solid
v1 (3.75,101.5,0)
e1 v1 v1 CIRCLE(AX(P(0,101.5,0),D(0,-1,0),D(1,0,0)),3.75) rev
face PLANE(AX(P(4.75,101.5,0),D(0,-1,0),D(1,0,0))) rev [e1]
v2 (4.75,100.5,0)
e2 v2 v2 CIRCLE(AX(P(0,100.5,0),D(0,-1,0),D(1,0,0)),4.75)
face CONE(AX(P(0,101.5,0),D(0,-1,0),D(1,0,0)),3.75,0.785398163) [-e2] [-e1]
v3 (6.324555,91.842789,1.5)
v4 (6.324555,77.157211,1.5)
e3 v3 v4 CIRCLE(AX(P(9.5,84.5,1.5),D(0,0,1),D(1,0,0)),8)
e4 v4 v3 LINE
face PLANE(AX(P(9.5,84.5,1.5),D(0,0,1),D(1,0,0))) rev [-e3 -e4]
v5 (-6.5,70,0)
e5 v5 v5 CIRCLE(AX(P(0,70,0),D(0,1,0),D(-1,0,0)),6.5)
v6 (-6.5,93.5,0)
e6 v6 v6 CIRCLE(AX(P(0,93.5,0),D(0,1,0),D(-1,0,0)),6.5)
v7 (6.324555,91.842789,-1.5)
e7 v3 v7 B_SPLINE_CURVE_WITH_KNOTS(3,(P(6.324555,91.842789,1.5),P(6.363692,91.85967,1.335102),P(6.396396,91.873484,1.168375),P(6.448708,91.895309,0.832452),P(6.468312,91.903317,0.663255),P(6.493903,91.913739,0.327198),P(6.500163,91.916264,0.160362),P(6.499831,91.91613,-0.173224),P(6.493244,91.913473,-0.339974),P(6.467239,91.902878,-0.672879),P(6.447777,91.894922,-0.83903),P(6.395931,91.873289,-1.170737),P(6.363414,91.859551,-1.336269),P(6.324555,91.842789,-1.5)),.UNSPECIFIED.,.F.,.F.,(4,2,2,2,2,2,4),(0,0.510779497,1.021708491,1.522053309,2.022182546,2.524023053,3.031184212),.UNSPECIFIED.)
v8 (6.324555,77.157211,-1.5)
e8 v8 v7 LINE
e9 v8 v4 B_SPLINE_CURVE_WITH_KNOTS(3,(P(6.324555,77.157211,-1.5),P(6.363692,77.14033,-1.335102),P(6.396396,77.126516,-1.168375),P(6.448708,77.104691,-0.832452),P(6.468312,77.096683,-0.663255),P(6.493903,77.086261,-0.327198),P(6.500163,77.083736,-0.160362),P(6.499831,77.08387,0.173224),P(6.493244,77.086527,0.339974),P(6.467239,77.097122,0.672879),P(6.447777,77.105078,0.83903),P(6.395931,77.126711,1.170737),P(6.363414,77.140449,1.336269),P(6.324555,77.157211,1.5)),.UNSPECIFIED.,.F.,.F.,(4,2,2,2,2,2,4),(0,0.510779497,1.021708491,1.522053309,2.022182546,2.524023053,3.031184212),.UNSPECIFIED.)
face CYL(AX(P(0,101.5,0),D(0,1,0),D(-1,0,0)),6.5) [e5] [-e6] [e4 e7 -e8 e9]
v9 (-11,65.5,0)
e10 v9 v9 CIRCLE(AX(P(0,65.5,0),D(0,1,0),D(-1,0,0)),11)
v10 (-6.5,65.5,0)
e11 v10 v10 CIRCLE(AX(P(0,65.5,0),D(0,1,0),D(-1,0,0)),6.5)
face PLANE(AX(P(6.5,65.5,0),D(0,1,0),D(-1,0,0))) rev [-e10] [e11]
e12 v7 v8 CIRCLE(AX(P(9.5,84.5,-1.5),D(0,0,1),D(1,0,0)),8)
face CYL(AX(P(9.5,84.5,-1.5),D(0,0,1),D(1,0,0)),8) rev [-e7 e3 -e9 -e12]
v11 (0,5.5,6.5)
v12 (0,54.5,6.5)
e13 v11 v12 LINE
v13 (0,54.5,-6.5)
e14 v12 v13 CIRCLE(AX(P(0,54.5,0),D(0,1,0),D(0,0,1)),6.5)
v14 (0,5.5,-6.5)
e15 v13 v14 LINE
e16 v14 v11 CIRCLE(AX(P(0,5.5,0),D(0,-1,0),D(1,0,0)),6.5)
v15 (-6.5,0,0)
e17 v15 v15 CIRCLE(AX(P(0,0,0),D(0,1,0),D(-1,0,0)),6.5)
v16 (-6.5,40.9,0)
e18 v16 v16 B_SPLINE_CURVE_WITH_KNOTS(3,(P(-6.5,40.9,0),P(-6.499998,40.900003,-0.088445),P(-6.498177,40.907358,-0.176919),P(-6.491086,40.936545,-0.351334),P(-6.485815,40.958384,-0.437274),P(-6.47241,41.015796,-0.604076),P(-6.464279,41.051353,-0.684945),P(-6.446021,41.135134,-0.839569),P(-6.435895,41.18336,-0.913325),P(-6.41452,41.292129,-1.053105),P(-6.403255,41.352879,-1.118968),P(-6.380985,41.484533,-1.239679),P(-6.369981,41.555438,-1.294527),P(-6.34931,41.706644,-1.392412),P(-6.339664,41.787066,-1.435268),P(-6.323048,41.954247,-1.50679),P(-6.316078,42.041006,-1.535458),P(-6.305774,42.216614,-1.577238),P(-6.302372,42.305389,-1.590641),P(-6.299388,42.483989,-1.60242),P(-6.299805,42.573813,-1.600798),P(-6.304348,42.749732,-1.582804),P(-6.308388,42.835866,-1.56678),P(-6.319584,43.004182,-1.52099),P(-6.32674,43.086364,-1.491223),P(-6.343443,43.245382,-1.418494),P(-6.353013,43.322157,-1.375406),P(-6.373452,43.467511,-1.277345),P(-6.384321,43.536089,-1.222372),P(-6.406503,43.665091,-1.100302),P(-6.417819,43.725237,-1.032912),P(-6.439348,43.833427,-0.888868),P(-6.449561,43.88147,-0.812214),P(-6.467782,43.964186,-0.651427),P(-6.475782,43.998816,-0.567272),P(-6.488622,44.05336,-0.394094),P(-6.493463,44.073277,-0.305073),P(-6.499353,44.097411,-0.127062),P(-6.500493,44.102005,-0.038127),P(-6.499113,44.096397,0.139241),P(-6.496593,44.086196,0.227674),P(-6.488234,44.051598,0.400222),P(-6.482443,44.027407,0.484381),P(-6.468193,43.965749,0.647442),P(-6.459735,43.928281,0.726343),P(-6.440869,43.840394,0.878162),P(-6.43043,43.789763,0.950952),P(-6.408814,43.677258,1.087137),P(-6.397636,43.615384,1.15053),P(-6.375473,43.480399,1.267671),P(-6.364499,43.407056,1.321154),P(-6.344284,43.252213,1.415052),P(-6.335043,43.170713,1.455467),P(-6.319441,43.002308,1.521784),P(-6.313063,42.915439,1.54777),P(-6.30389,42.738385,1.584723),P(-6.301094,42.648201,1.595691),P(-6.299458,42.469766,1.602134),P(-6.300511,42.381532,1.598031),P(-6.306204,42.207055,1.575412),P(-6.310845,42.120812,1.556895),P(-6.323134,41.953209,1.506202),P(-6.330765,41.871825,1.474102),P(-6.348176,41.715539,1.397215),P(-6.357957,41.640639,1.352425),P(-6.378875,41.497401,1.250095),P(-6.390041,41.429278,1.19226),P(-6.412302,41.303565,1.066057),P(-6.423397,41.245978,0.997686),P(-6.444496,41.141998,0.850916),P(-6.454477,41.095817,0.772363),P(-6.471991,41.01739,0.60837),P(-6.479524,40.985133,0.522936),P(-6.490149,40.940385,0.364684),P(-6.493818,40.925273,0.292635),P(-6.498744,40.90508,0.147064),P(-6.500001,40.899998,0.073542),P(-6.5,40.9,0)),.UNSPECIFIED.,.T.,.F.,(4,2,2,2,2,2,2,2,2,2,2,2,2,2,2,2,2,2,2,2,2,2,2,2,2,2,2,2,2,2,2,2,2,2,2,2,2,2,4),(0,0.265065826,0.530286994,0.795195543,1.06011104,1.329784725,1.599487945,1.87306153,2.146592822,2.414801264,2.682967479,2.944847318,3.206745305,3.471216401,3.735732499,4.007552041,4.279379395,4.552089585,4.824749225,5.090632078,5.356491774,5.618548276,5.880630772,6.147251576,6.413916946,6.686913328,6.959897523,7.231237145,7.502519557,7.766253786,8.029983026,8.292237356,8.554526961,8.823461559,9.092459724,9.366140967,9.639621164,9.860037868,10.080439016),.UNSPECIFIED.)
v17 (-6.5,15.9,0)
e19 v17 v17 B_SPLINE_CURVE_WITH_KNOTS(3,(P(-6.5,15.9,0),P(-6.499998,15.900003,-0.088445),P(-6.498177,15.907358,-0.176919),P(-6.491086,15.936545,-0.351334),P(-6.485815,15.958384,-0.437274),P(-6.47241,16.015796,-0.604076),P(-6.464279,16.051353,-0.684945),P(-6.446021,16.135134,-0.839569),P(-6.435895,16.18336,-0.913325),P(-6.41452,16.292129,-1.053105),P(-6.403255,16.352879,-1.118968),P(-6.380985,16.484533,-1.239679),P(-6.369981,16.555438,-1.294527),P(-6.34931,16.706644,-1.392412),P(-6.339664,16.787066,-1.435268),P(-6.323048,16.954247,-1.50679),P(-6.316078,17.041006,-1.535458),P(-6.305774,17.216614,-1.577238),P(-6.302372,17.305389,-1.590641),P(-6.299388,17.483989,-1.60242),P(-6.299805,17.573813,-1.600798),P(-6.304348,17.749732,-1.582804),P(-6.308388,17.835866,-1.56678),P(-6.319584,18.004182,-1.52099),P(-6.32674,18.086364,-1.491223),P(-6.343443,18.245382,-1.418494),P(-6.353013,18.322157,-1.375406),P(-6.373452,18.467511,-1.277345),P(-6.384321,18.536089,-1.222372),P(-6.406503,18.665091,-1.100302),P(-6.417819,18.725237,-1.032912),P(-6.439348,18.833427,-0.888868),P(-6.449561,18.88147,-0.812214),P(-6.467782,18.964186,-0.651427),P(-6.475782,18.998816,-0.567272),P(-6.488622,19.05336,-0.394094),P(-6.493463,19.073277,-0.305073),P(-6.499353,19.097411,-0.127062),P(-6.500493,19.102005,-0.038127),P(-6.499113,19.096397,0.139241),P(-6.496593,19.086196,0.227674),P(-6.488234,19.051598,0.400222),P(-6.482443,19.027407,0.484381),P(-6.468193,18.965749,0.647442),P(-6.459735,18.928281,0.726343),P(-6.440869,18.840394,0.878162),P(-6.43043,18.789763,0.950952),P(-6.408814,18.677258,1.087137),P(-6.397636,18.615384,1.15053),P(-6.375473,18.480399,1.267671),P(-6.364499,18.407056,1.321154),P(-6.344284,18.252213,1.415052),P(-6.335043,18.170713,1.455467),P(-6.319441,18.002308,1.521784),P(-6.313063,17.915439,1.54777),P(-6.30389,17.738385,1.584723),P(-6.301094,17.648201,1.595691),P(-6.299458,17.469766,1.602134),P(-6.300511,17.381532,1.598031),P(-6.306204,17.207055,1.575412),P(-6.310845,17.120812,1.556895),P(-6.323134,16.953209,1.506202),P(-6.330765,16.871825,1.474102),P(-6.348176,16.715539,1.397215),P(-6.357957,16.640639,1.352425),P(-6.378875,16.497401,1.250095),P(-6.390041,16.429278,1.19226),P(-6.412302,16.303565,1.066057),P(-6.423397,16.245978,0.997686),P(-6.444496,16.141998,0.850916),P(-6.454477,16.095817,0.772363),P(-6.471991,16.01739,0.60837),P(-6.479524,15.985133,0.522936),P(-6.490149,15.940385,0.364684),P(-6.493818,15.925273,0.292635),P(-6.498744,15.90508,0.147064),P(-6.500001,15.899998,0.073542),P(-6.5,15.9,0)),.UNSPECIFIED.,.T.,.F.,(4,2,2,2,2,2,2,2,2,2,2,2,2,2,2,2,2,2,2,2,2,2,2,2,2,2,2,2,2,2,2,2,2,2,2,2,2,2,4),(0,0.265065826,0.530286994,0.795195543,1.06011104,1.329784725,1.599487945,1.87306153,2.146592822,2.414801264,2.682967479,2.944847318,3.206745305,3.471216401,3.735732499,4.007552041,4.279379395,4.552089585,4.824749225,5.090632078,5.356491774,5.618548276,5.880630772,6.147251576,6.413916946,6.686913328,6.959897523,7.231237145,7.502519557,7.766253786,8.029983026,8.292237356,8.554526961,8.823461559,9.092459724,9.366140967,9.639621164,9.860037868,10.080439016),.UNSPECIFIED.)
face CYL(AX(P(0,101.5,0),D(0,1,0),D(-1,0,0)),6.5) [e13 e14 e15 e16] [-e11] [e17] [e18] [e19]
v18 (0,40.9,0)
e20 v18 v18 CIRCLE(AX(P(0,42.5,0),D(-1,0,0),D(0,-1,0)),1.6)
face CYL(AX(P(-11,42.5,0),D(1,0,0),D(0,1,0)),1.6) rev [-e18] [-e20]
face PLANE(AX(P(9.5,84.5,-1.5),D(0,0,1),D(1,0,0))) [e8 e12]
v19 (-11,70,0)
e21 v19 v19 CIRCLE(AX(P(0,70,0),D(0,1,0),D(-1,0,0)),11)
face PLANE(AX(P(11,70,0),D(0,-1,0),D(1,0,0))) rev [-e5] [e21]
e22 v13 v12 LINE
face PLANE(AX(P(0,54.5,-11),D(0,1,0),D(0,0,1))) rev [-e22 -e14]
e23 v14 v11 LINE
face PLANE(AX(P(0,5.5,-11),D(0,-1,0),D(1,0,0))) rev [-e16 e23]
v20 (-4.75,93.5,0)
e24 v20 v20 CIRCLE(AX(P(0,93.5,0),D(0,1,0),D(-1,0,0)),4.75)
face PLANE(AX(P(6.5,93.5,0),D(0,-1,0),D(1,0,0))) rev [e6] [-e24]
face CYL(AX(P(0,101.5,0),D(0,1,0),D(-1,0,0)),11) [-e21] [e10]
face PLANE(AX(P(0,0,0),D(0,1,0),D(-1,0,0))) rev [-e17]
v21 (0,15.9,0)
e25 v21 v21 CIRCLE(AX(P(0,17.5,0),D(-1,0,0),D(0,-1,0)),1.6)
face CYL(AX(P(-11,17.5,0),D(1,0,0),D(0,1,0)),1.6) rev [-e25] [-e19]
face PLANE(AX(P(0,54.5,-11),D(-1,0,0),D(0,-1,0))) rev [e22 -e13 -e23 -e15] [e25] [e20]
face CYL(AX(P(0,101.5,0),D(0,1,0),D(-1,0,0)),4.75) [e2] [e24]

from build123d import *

# Parameters (mm, degrees)
CHAMFER1_SIZE           = 1
CUT_EXTRUDE2_DEPTH      = 103.685198544
CUT_EXTRUDE2_DEPTH_BACK = 103.685198544
SKETCH2_W               = 13.680212399
SKETCH2_H               = 49
SKETCH3_R               = 8
CUT_EXTRUDE3_DEPTH      = 1.5
CUT_EXTRUDE4_DEPTH      = 103.685198544
CUT_EXTRUDE4_DEPTH_BACK = 103.685198544
SKETCH7_R               = 1.6


with BuildPart() as part:
    # Sketch1 → Revolve1 (revolve)
    with BuildSketch(Plane.XY, mode=Mode.PRIVATE) as revolve1_sk:
        Polygon((0, 0), (6.5, 0), (6.5, 65.5), (11, 65.5), (11, 70), (6.5, 70), (6.5, 93.5), (4.75, 93.5), (4.75, 101.5), (0, 101.5), align=None)
    revolve(revolve1_sk.sketch.rotate(Axis((0, 101.5, 0), (0, -1, 0)), 180), axis=Axis((0, 101.5, 0), (0, -1, 0)))

    # Chamfer1
    chamfer1_edges = [part.edges().sort_by_distance(p)[0] for p in [
        (4.75, 101.5, 0),
    ]]
    chamfer(chamfer1_edges, length=CHAMFER1_SIZE)

    # Sketch2 → Cut-Extrude2 (cut, two sides: drawn at the far end of the back side and taken through both)
    with BuildSketch(Plane.XY.offset(-CUT_EXTRUDE2_DEPTH_BACK)):
        with Locations((6.8401062, 30)):
            Rectangle(SKETCH2_W, SKETCH2_H)
    extrude(amount=CUT_EXTRUDE2_DEPTH + CUT_EXTRUDE2_DEPTH_BACK, mode=Mode.SUBTRACT)

    # Sketch3 → Cut-Extrude3 (cut, symmetric)
    with BuildSketch(Plane.XY):
        with Locations((9.5, 84.5)):
            Circle(SKETCH3_R)
    extrude(amount=CUT_EXTRUDE3_DEPTH, both=True, mode=Mode.SUBTRACT)

    # Sketch7 → Cut-Extrude4 (cut, two sides: drawn at the far end of the back side and taken through both)
    with BuildSketch(Plane(origin=(0, 0, 0), x_dir=(0, 0, -1), z_dir=(1, 0, 0)).offset(-CUT_EXTRUDE4_DEPTH_BACK)):
        with Locations(Location((0, 42.5, 0), (0, 0, 270))):
            Circle(SKETCH7_R)
        with Locations(Location((0, 17.5, 0), (0, 0, 270))):
            Circle(SKETCH7_R)
    extrude(amount=CUT_EXTRUDE4_DEPTH + CUT_EXTRUDE4_DEPTH_BACK, mode=Mode.SUBTRACT)


solid = part.part
